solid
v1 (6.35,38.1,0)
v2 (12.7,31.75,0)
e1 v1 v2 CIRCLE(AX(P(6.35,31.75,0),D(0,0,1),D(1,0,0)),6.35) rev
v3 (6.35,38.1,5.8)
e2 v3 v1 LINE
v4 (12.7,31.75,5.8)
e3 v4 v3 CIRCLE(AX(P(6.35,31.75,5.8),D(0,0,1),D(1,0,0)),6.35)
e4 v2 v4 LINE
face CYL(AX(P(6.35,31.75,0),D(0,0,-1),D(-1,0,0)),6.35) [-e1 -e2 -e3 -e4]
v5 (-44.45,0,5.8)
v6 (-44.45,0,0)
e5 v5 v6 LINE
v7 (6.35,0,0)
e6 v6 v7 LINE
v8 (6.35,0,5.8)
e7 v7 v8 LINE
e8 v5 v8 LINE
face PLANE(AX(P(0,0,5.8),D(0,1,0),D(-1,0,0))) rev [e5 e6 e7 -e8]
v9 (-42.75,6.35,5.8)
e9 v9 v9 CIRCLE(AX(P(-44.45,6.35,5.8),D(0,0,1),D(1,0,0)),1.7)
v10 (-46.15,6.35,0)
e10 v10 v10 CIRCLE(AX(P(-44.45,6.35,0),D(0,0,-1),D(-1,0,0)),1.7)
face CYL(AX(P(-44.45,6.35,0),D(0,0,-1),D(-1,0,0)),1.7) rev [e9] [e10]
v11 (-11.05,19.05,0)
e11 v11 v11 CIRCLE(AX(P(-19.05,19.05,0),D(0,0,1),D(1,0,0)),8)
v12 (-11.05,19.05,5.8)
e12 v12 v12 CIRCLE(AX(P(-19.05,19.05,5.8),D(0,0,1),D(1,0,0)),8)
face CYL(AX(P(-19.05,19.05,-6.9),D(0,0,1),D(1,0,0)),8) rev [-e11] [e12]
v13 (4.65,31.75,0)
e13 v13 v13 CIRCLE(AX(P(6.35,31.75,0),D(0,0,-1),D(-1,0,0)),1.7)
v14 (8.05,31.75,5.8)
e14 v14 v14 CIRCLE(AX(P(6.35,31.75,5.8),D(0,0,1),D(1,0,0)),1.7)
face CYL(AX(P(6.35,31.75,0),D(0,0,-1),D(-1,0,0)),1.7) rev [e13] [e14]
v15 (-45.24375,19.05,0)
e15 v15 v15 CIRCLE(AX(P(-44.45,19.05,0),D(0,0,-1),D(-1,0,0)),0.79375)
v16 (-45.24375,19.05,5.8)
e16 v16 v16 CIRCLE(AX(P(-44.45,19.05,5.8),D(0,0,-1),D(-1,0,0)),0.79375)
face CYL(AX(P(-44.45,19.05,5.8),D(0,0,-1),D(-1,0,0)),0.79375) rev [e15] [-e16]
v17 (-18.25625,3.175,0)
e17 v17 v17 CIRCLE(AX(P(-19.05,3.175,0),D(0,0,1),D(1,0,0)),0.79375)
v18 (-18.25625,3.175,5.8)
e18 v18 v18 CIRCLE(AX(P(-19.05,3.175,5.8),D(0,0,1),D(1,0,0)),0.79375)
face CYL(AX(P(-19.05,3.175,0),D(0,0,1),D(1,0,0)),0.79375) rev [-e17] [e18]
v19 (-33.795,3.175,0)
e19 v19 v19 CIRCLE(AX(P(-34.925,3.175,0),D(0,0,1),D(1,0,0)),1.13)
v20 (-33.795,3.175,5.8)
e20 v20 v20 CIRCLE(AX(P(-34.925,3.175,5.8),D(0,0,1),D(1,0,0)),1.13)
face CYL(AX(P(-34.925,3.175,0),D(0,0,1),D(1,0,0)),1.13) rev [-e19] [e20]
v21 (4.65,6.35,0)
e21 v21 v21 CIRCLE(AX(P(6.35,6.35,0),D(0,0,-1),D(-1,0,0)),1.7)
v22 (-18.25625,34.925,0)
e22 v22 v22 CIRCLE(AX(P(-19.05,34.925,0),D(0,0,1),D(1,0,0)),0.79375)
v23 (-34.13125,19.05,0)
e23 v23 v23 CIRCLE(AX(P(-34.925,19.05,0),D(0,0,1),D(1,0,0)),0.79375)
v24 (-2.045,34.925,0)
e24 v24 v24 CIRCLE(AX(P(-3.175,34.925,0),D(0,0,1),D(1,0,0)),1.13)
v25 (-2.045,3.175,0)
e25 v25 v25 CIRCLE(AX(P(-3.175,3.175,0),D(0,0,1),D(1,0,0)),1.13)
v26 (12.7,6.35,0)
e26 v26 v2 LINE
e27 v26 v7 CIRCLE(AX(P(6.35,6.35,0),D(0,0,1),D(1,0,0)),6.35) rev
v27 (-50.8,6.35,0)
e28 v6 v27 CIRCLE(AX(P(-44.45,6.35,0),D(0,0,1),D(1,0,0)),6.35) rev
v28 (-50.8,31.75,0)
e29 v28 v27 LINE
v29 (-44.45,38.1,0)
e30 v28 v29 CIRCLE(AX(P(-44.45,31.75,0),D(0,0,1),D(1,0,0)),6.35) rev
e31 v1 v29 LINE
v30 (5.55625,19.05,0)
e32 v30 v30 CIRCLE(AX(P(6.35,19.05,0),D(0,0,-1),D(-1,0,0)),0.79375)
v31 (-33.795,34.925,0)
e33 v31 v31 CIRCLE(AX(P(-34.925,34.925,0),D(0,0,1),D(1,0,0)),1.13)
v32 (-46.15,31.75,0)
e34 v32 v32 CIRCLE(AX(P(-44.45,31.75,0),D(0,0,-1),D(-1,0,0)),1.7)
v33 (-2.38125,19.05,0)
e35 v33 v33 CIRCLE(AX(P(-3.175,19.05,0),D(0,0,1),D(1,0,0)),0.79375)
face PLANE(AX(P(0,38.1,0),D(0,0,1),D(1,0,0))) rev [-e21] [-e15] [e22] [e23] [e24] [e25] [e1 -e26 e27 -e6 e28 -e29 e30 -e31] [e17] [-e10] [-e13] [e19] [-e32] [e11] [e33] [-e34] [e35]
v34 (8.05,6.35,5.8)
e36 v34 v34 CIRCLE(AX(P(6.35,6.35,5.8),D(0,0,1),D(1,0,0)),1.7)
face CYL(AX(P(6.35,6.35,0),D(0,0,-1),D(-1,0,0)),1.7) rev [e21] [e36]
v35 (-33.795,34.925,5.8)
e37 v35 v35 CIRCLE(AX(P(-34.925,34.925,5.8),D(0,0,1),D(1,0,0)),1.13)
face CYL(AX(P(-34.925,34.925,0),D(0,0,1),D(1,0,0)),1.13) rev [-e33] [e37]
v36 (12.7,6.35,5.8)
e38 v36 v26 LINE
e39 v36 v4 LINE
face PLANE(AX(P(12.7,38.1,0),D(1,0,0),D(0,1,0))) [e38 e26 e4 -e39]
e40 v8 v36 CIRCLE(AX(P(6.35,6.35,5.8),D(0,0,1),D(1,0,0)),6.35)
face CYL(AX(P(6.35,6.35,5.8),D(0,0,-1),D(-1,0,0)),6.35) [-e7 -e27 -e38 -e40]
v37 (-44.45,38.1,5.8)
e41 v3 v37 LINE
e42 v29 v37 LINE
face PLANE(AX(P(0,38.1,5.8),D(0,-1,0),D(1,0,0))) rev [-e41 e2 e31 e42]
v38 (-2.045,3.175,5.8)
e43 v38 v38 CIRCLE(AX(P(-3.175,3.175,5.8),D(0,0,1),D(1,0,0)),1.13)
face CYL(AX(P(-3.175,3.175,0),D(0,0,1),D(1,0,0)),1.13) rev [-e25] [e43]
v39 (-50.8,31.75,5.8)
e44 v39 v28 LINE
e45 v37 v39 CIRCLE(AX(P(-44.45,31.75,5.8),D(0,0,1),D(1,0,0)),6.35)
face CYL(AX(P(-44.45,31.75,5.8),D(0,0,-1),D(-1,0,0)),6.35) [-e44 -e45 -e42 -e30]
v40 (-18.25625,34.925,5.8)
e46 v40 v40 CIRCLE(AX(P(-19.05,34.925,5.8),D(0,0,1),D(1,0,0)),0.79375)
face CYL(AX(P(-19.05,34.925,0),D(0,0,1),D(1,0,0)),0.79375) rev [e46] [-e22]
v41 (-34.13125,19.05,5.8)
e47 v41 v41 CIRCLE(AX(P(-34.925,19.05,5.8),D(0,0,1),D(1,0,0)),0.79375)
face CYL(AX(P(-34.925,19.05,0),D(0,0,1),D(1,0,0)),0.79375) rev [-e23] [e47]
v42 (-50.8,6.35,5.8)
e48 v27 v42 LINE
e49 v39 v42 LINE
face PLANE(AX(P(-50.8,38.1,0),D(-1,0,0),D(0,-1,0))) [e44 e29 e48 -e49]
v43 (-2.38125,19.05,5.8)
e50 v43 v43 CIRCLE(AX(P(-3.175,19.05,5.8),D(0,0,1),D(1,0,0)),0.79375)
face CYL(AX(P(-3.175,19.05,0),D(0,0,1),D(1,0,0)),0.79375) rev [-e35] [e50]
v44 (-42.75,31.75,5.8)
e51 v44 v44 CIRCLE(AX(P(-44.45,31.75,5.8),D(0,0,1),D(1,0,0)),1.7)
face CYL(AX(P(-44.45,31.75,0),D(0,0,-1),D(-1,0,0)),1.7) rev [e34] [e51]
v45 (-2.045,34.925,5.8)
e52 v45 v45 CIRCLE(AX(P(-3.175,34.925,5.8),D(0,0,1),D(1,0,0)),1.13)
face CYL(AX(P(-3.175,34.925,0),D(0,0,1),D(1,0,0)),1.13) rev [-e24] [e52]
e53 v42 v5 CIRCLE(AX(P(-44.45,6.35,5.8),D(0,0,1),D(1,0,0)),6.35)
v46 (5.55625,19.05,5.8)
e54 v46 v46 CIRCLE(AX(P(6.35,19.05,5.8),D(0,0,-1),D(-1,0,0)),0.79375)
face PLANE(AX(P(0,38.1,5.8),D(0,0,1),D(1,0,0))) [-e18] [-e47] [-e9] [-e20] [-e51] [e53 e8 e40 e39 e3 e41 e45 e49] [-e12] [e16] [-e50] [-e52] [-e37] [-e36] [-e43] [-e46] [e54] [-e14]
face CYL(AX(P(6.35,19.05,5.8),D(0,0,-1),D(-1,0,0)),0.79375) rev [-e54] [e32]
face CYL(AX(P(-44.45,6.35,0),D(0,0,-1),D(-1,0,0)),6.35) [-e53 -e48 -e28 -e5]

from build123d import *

# Parameters (mm, degrees)
SKETCH1_W                = 38.1
SKETCH1_H                = 38.1
BOSS_EXTRUDE1_DEPTH      = 5.8
SKETCH2_R                = 8
CUT_EXTRUDE1_DEPTH       = 12.7
SKETCH3_R                = 1.13
CUT_EXTRUDE2_DEPTH       = 55.19280395
SKETCH4_R                = 0.79375
CUT_EXTRUDE3_DEPTH       = 55.19280395
SKETCH5_W                = 12.7
SKETCH5_H                = 38.1
BOSS_EXTRUDE2_DEPTH      = 5.8
M3_CLEARANCE_HOLE1_D     = 3.4
M3_CLEARANCE_HOLE1_DEPTH = 10
M3_CLEARANCE_HOLE1_TIP   = 1.021463052
SKETCH9_R                = 0.79375
CUT_EXTRUDE4_DEPTH       = 64.764331722
FILLET1_R                = 6.35


with BuildPart() as part:
    # Sketch1 → Boss-Extrude1 (new body)
    with BuildSketch(Plane.XY):
        with Locations((-19.05, 19.05)):
            Rectangle(SKETCH1_W, SKETCH1_H)
    extrude(amount=BOSS_EXTRUDE1_DEPTH)

    # Sketch2 → Cut-Extrude1 (cut)
    with BuildSketch(Plane.XY.offset(5.8)):
        with Locations((-19.05, 19.05)):
            Circle(SKETCH2_R)
    extrude(amount=-CUT_EXTRUDE1_DEPTH, mode=Mode.SUBTRACT)

    # Sketch3 → Cut-Extrude2 (cut, through all)
    with BuildSketch(Plane.XY.offset(5.8)):
        with Locations((-34.925, 34.925)):
            Circle(SKETCH3_R)
        with Locations((-3.175, 34.925)):
            Circle(SKETCH3_R)
        with Locations((-3.175, 3.175)):
            Circle(SKETCH3_R)
        with Locations((-34.925, 3.175)):
            Circle(SKETCH3_R)
    extrude(amount=-CUT_EXTRUDE2_DEPTH, mode=Mode.SUBTRACT)

    # Sketch4 → Cut-Extrude3 (cut, through all)
    with BuildSketch(Plane.XY.offset(5.8)):
        with Locations((-34.925, 19.05)):
            Circle(SKETCH4_R)
        with Locations((-19.05, 34.925)):
            Circle(SKETCH4_R)
        with Locations((-3.175, 19.05)):
            Circle(SKETCH4_R)
        with Locations((-19.05, 3.175)):
            Circle(SKETCH4_R)
    extrude(amount=-CUT_EXTRUDE3_DEPTH, mode=Mode.SUBTRACT)

    # Sketch5 → Boss-Extrude2 (add, through all)
    with BuildSketch(Plane.XY.offset(5.8)):
        with Locations((-44.45, 19.05)):
            Rectangle(SKETCH5_W, SKETCH5_H)
        with Locations((6.35, 19.05)):
            Rectangle(SKETCH5_W, SKETCH5_H)
    extrude(amount=-BOSS_EXTRUDE2_DEPTH)

    # M3 Clearance Hole1
    with Locations(Plane(origin=(0, 0, 0), x_dir=(-1, 0, 0), z_dir=(0, 0, -1))):
        with Locations((-6.35, 31.75), (44.45, 31.75), (44.45, 6.35), (-6.35, 6.35)):
            Hole(M3_CLEARANCE_HOLE1_D / 2, depth=M3_CLEARANCE_HOLE1_DEPTH)
            with Locations((0, 0, -(M3_CLEARANCE_HOLE1_DEPTH + M3_CLEARANCE_HOLE1_TIP / 2))):  # 118° drill point
                Cone(0, M3_CLEARANCE_HOLE1_D / 2, M3_CLEARANCE_HOLE1_TIP, mode=Mode.SUBTRACT)

    # Sketch9 → Cut-Extrude4 (cut, through all)
    with BuildSketch(Plane(origin=(0, 0, 0), x_dir=(-1, 0, 0), z_dir=(0, 0, -1))):
        with Locations((-6.35, 19.05)):
            Circle(SKETCH9_R)
        with Locations((44.45, 19.05)):
            Circle(SKETCH9_R)
    extrude(amount=-CUT_EXTRUDE4_DEPTH, mode=Mode.SUBTRACT)

    # Fillet1
    fillet1_edges = [part.edges().sort_by_distance(p)[0] for p in [
        (-50.8, 0, 2.9),
        (-50.8, 38.1, 2.9),
        (12.7, 38.1, 2.9),
        (12.7, 0, 2.9),
    ]]
    fillet(fillet1_edges, radius=FILLET1_R)


solid = part.part
